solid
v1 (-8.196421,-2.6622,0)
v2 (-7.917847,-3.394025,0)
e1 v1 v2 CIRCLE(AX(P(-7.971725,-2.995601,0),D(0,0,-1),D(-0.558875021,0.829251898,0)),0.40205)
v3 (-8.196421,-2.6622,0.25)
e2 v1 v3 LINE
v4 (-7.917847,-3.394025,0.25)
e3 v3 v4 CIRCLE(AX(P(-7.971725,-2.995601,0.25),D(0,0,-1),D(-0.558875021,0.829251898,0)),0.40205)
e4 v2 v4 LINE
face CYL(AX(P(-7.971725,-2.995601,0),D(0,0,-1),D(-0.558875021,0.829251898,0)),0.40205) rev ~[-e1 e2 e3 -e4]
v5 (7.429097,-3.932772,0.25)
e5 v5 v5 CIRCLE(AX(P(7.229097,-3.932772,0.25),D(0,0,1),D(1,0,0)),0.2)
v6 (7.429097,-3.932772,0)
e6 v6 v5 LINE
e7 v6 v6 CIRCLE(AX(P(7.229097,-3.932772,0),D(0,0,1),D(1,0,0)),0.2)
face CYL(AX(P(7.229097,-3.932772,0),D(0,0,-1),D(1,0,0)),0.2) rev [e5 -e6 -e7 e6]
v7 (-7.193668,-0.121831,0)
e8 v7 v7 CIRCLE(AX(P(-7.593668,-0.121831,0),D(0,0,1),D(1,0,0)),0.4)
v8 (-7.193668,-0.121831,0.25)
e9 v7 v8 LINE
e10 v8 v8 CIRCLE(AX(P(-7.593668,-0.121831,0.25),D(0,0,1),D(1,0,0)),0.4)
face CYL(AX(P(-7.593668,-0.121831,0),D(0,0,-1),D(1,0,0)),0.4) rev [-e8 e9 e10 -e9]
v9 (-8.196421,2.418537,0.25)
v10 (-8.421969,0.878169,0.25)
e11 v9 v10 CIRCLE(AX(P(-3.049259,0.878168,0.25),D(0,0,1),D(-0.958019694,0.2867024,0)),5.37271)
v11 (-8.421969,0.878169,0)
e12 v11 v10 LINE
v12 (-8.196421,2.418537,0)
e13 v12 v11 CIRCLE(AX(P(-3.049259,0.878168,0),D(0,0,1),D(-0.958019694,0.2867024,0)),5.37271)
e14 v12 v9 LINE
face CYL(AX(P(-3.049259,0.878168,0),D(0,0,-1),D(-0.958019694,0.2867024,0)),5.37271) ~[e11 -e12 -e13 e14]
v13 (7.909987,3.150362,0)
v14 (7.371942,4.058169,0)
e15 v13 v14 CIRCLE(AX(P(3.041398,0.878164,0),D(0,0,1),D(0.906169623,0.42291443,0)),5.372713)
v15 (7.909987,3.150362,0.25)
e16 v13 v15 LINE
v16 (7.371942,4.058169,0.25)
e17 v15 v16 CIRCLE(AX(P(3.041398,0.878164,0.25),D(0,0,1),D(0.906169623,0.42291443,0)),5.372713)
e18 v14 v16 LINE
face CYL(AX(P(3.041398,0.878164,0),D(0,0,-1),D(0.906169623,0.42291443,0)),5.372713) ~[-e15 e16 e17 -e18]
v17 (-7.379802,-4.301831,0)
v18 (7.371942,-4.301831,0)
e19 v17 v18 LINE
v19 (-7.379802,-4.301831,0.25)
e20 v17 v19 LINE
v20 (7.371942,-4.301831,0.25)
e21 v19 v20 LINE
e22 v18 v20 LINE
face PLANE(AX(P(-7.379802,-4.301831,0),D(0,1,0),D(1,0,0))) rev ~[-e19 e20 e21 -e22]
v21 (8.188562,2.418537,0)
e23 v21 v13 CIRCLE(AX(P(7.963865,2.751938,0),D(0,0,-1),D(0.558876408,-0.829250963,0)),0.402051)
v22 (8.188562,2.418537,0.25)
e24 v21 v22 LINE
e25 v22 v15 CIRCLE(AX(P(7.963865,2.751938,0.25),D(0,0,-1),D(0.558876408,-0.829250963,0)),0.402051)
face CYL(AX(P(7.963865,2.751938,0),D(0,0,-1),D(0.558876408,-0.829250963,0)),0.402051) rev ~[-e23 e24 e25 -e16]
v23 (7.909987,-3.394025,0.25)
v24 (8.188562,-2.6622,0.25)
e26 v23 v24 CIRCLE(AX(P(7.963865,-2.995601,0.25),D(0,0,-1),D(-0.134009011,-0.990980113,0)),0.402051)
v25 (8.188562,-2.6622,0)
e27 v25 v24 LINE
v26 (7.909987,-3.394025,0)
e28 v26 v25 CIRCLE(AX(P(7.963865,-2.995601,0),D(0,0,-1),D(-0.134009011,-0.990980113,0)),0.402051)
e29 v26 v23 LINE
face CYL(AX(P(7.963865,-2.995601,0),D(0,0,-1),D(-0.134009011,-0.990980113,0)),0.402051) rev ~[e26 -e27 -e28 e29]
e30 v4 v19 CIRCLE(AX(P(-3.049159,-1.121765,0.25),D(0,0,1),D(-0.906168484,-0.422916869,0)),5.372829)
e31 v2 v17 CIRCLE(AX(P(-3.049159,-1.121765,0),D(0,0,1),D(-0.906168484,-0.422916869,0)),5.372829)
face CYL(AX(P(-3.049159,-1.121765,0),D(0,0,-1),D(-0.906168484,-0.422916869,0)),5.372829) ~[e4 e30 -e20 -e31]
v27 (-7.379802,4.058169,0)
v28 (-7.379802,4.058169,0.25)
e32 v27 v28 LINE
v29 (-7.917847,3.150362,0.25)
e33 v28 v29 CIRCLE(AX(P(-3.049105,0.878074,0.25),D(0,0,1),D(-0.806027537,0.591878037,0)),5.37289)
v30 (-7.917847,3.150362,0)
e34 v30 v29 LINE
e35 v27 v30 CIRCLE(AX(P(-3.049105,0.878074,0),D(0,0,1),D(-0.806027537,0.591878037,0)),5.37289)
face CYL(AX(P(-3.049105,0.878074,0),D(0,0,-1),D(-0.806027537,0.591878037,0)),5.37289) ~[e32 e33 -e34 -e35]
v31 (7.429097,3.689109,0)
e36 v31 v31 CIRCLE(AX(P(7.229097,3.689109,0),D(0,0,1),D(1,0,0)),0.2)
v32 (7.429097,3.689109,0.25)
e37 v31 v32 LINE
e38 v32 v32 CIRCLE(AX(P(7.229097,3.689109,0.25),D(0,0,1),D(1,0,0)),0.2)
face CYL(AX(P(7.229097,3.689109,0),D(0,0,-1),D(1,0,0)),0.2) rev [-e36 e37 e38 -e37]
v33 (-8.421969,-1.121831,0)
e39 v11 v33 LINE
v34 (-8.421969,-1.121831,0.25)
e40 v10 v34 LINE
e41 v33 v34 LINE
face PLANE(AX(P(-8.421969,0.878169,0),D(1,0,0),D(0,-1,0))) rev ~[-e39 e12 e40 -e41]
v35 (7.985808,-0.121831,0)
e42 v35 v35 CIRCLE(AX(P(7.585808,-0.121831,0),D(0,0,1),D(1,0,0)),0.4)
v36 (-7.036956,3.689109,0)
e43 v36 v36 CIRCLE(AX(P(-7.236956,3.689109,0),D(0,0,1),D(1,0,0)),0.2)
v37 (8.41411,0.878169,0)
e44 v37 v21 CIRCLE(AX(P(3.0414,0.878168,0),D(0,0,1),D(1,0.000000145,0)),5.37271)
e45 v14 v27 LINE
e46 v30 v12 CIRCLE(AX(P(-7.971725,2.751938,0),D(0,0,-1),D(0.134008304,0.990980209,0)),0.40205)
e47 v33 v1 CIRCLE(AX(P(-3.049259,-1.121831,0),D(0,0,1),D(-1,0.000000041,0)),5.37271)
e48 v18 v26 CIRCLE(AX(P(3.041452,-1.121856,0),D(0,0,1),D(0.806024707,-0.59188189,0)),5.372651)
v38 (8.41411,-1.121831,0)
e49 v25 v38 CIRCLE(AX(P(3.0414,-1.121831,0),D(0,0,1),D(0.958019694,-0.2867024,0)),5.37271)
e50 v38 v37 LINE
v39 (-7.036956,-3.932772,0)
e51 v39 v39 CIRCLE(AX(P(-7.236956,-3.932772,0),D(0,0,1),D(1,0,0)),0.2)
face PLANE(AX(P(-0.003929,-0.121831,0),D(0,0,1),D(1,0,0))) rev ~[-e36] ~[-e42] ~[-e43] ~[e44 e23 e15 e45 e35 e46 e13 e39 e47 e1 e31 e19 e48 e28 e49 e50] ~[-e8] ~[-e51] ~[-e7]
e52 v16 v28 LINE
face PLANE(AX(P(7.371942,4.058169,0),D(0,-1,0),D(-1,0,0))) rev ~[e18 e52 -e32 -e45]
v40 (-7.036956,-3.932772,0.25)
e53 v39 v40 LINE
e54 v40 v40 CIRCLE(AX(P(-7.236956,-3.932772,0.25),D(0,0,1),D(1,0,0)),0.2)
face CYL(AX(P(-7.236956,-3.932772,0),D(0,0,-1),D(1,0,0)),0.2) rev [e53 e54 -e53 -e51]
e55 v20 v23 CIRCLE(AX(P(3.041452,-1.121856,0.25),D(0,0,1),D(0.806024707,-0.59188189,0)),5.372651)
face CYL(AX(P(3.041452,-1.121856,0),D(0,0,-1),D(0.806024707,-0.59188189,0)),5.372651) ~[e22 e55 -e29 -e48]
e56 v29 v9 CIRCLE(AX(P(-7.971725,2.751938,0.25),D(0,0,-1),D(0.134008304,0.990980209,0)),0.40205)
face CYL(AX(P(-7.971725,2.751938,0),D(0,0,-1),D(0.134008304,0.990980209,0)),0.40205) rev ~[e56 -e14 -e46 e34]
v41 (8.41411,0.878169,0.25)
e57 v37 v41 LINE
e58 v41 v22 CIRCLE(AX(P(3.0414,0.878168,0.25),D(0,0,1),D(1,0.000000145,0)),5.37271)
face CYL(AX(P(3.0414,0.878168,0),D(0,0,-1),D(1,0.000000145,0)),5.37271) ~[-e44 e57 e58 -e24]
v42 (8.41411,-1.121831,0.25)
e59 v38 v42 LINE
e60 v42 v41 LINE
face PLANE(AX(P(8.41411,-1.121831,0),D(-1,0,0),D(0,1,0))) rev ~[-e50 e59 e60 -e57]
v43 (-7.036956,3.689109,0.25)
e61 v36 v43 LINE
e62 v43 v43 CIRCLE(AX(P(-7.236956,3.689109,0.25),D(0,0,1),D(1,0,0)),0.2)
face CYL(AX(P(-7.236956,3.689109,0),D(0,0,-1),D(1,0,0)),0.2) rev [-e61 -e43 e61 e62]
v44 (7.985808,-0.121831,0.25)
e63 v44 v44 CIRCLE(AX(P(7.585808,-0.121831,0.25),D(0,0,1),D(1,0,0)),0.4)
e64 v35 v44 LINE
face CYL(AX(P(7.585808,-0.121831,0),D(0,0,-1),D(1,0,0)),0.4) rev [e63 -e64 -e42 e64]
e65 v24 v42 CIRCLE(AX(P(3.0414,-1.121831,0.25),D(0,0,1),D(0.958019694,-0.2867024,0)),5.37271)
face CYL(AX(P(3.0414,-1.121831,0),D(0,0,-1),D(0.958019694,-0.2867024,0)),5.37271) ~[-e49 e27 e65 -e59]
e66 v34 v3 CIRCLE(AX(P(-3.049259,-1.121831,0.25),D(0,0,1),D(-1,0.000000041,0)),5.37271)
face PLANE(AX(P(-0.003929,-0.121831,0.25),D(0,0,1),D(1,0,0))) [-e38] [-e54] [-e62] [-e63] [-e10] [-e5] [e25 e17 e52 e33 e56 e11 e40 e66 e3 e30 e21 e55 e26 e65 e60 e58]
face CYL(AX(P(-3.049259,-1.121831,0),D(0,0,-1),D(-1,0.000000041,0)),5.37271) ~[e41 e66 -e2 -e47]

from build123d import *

# Parameters (mm, degrees)
F0_R     = 0.2
F0_R_2   = 0.4
F1_DEPTH = 0.25


with BuildPart() as f1:
    # F0 (on Top) → F1 (new body)
    with BuildSketch(Plane.XY):
        with BuildLine():
            Line((7.371942, 4.058169), (-7.379802, 4.058169))
            ThreePointArc((-7.379802, 4.058169), (-7.671166, 3.617507), (-7.917847, 3.150362))
            ThreePointArc((-7.917847, 3.150362), (-7.595977, 2.608907), (-8.196421, 2.418537))
            ThreePointArc((-8.196421, 2.418537), (-8.365283, 1.656565), (-8.421969, 0.878169))
            Line((-8.421969, 0.878169), (-8.421969, -0.121831))
            Line((-8.421969, -0.121831), (-8.421969, -1.121831))
            ThreePointArc((-8.421969, -1.121831), (-8.365283, -1.900228), (-8.196421, -2.6622))
            ThreePointArc((-8.196421, -2.6622), (-7.595977, -2.85257), (-7.917847, -3.394025))
            ThreePointArc((-7.917847, -3.394025), (-7.671166, -3.86117), (-7.379802, -4.301831))
            Line((-7.379802, -4.301831), (7.371942, -4.301831))
            ThreePointArc((7.371942, -4.301831), (7.663307, -3.86117), (7.909987, -3.394025))
            ThreePointArc((7.909987, -3.394025), (7.588117, -2.85257), (8.188562, -2.6622))
            ThreePointArc((8.188562, -2.6622), (8.357424, -1.900228), (8.41411, -1.121831))
            Line((8.41411, -1.121831), (8.41411, -0.121831))
            Line((8.41411, -0.121831), (8.41411, 0.878169))
            ThreePointArc((8.41411, 0.878169), (8.357424, 1.656565), (8.188562, 2.418537))
            ThreePointArc((8.188562, 2.418537), (7.588117, 2.608907), (7.909987, 3.150362))
            ThreePointArc((7.909987, 3.150362), (7.663307, 3.617507), (7.371942, 4.058169))
        make_face()
        with Locations((-7.236956, -3.932772)):
            Circle(F0_R, mode=Mode.SUBTRACT)
        with Locations((-7.593668, -0.121831)):
            Circle(F0_R_2, mode=Mode.SUBTRACT)
        with Locations((7.229097, -3.932772)):
            Circle(F0_R, mode=Mode.SUBTRACT)
        with Locations((7.585808, -0.121831)):
            Circle(F0_R_2, mode=Mode.SUBTRACT)
        with Locations((-7.236956, 3.689109)):
            Circle(F0_R, mode=Mode.SUBTRACT)
        with Locations((7.229097, 3.689109)):
            Circle(F0_R, mode=Mode.SUBTRACT)
    extrude(amount=F1_DEPTH)


solid = f1.part
